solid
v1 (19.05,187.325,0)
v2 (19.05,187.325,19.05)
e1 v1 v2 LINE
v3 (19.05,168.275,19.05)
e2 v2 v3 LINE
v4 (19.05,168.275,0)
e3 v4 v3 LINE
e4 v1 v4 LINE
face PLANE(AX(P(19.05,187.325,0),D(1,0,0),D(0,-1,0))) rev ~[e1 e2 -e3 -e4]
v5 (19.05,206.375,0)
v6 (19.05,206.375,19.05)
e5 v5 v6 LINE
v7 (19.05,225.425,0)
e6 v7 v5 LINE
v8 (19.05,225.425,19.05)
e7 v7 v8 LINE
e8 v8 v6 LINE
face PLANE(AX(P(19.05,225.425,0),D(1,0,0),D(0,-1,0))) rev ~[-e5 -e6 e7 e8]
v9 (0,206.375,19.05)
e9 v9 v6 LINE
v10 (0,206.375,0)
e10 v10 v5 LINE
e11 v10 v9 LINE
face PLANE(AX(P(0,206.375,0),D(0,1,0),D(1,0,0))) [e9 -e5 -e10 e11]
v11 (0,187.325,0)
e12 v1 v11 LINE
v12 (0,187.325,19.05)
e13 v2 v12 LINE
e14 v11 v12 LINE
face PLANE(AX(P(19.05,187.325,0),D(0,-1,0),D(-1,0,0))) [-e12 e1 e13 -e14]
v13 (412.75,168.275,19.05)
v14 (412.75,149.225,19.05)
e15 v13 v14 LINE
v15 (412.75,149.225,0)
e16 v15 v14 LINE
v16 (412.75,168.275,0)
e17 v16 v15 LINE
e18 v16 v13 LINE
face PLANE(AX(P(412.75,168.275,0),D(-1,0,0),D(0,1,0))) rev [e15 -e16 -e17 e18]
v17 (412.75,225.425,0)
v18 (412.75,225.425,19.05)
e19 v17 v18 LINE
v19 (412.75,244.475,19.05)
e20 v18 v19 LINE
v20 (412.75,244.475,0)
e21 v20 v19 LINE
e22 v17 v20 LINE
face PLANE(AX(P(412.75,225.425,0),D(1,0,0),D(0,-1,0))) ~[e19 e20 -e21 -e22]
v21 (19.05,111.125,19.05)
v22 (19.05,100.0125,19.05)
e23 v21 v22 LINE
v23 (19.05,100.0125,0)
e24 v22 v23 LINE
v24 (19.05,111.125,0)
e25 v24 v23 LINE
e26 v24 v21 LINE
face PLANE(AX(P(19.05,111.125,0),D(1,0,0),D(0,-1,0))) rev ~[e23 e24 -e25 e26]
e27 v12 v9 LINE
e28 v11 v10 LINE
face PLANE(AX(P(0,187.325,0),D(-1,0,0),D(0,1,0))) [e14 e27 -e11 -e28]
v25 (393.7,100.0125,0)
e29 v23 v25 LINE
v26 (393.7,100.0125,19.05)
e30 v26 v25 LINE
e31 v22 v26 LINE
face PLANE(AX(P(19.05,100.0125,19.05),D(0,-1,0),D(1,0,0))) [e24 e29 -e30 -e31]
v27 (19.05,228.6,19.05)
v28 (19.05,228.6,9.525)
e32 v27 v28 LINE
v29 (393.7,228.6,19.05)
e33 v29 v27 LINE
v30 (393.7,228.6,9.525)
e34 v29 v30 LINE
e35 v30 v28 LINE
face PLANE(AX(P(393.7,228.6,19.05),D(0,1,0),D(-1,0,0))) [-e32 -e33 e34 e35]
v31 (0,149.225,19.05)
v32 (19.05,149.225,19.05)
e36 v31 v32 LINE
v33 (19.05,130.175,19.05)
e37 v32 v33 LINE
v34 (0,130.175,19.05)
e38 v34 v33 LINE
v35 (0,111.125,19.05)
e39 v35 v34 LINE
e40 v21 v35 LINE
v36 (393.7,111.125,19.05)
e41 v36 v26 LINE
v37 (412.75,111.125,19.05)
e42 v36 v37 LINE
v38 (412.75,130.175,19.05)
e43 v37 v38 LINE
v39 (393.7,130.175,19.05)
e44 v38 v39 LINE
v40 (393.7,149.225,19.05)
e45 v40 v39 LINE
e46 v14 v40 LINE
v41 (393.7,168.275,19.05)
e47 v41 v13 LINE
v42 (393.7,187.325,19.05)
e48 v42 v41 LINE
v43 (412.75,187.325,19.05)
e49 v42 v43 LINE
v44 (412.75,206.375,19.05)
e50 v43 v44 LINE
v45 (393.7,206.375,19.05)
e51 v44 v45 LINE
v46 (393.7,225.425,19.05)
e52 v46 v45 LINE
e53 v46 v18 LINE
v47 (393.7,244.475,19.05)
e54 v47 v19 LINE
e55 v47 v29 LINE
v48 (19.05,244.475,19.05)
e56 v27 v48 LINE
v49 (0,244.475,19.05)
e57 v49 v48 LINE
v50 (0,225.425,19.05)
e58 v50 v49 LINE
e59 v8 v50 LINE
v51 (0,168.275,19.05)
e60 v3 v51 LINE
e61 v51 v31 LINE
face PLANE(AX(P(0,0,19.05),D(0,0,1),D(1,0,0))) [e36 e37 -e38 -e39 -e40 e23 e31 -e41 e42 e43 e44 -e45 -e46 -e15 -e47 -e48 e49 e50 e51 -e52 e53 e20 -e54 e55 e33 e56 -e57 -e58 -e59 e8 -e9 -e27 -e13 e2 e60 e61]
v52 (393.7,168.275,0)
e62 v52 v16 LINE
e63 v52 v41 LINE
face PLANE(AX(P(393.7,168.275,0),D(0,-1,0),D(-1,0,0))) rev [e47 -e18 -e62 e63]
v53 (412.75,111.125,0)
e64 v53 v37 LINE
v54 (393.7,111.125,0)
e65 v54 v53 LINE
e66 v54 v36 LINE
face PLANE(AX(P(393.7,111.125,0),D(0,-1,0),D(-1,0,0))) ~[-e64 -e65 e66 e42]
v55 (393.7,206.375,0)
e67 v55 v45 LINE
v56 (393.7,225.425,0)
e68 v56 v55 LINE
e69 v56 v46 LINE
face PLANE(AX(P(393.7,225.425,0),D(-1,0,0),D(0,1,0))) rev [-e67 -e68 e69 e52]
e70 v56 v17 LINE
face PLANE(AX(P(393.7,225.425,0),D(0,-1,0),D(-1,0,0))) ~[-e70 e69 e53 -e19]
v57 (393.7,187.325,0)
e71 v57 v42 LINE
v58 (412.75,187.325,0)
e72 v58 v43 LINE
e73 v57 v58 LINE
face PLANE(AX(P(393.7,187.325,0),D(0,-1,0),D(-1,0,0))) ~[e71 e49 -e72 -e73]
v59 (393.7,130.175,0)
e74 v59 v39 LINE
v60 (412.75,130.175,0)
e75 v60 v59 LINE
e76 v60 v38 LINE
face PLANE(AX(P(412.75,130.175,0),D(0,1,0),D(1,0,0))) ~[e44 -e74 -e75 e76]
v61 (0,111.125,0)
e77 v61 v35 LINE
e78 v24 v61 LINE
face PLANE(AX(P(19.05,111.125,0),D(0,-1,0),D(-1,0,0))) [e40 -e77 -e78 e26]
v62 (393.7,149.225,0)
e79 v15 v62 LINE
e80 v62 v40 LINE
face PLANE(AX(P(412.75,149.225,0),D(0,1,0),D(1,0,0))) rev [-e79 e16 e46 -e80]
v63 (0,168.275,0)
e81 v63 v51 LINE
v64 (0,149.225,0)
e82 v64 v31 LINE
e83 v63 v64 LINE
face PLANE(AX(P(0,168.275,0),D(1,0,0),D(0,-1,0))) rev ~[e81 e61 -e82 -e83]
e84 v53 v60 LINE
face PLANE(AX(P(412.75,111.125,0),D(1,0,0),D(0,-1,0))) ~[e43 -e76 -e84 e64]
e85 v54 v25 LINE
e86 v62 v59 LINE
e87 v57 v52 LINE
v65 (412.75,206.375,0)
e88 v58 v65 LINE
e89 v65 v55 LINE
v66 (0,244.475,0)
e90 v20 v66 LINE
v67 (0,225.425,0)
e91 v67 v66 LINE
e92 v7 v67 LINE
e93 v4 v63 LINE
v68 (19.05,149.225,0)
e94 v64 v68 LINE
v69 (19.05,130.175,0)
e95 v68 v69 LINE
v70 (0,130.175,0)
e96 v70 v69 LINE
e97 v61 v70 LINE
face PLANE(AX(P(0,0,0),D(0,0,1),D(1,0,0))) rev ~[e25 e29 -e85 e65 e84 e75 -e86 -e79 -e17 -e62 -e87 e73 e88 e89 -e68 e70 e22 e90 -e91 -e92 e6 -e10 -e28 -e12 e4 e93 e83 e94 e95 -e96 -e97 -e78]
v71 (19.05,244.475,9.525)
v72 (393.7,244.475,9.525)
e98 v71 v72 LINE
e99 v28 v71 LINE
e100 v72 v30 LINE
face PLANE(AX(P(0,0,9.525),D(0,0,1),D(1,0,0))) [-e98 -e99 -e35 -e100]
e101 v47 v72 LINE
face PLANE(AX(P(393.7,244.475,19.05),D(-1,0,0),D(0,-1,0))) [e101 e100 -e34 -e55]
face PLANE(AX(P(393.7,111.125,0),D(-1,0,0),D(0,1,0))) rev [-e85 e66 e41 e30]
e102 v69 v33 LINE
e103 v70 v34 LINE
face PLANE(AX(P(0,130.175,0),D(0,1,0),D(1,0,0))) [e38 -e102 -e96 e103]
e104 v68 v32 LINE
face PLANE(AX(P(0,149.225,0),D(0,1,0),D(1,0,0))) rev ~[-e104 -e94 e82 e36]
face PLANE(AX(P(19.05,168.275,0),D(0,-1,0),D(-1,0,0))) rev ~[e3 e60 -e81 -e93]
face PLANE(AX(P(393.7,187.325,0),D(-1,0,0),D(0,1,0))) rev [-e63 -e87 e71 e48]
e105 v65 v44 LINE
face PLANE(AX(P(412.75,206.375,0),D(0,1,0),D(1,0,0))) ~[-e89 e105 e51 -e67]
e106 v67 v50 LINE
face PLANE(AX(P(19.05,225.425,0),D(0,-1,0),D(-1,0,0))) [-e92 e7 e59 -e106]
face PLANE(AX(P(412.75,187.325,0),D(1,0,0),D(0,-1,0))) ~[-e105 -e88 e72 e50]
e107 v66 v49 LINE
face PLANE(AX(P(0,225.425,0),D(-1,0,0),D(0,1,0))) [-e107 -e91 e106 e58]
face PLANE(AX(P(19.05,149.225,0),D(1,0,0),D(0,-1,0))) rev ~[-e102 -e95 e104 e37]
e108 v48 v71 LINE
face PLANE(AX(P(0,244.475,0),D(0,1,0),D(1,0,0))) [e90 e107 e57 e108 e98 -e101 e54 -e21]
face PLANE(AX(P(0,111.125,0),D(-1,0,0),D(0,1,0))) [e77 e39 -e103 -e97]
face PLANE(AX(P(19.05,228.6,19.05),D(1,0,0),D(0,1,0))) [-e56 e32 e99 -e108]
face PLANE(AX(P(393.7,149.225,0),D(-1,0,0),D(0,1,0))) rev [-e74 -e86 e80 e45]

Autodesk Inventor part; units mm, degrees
ref_plane "YZ Plane" through (0, 0, 0) normal (1, 0, 0) x (0, 1, 0)
ref_plane "XZ Plane" through (0, 0, 0) normal (0, 1, 0) x (-1, 0, 0)
ref_plane "XY Plane" through (0, 0, 0) normal (0, 0, 1) x (1, 0, 0)
sketch "Sketch1" plane through (0, 0, 0) normal (0, 0, 1) x (1, 0, 0)
  line L0 (0, 244.475) -> (19.05, 244.475)
  line L1 (19.05, 244.475) -> (19.05, 225.425)
  line L2 (19.05, 225.425) -> (0, 225.425)
  line L3 (0, 225.425) -> (0, 244.475)
  line L4 (19.05, 168.275) -> (0, 168.275)
  line L5 (0, 168.275) -> (0, 149.225)
  line L6 (0, 149.225) -> (19.05, 149.225)
  line L7 (19.05, 149.225) -> (19.05, 168.275)
  line L8 (0, 130.175) -> (19.05, 130.175)
  line L9 (19.05, 130.175) -> (19.05, 111.125)
  line L10 (19.05, 111.125) -> (0, 111.125)
  line L11 (0, 111.125) -> (0, 130.175)
  line L12 (0, 206.375) -> (19.05, 206.375)
  line L13 (19.05, 206.375) -> (19.05, 187.325)
  line L14 (19.05, 187.325) -> (0, 187.325)
  line L15 (0, 187.325) -> (0, 206.375)
  line L16 (0, 92.075) -> (19.05, 92.075)
  line L17 (19.05, 92.075) -> (19.05, 73.025)
  line L18 (19.05, 73.025) -> (0, 73.025)
  line L19 (0, 73.025) -> (0, 92.075)
  line L20 (0, 53.975) -> (19.05, 53.975)
  line L21 (19.05, 53.975) -> (19.05, 34.925)
  line L22 (19.05, 34.925) -> (0, 34.925)
  line L23 (0, 34.925) -> (0, 53.975)
  line L24 (0, 15.875) -> (19.05, 15.875)
  line L25 (19.05, 15.875) -> (19.05, -3.175)
  line L26 (19.05, -3.175) -> (0, -3.175)
  line L27 (0, -3.175) -> (0, 15.875)
  line L28 (0, 244.475) -> (206.375, 244.475)
  line L29 (206.375, 244.475) -> (206.375, 76.2)
  line L30 (206.375, 76.2) -> (0, 76.2)
  line L31 (19.05, 244.475) -> (19.05, 76.2)
  line L32 (206.375, 244.475) -> (19.05, 244.475)
  line L33 (19.05, 244.475) -> (19.05, 76.2)
  line L34 (19.05, 76.2) -> (206.375, 76.2)
  line L35 (206.375, 76.2) -> (206.375, 244.475)
  line L36 (0, 92.075) -> (19.05, 92.075)
  line L37 (19.05, 92.075) -> (19.05, 76.2)
  line L38 (19.05, 76.2) -> (0, 76.2)
  line L39 (0, 76.2) -> (0, 92.075)
  dimension "d0" = 19.05
  dimension "d1" = 19.05
  dimension "d3" = 19.05
  dimension "d4" = 19.05
  dimension "d5" = 19.05
  dimension "d6" = 19.05
  dimension "d7" = 19.05
  dimension "d8" = 19.05
  dimension "d9" = 19.05
  dimension "d10" = 19.05
  dimension "d11" = 19.05
  dimension "d12" = 19.05
  dimension "d13" = 19.05
  dimension "d14" = 19.05
  dimension "d15" = 19.05
  dimension "d16" = 19.05
  dimension "d17" = 19.05
  dimension "d18" = 19.05
  dimension "d19" = 19.05
  dimension "d21" = 206.375
  dimension "d22" = 168.275
  dimension "d23" = 206.375
extrude "Extrusion3" add sketch "Sketch1" along normal blind 19.05 contours L0 L1 L2 L3 | L28 L29 L30 L17 L31 L9 L7 L13 L1 | L13 L14 L15 L12 | L30 L19 L16 L17 | L7 L6 L5 L4 | L10 L11 L8 L9
mirror "Mirror2" about plane through (206.375, 76.2, 0) normal (1, 0, 0) of "Extrusion3"
sketch "Sketch3" plane through (0, 0, 19.05) normal (0, 0, 1) x (1, 0, 0)
  line L0 (0, 244.475) -> (412.75, 244.475) projected
  line L1 (19.05, 244.475) -> (393.7, 244.475)
  line L2 (393.7, 244.475) -> (393.7, 228.6)
  line L3 (393.7, 228.6) -> (19.05, 228.6)
  line L4 (19.05, 228.6) -> (19.05, 244.475)
  point P0 (0, 0)
  dimension "d33" = 15.875
extrude "Extrusion4" cut sketch "Sketch3" against normal blind 9.525
sketch "Sketch4" plane through (0, 0, 19.05) normal (0, 0, 1) x (1, 0, 0)
  line L0 (0, 244.475) -> (19.05, 244.475) projected
  line L1 (19.05, 111.125) -> (19.05, 92.075) projected
  line L2 (19.05, 92.075) -> (0, 92.075) projected
  line L3 (0, 92.075) -> (0, 76.2) projected
  line L4 (0, 76.2) -> (412.75, 76.2) projected
  line L5 (412.75, 92.075) -> (412.75, 76.2) projected
  line L6 (393.7, 92.075) -> (412.75, 92.075) projected
  line L7 (393.7, 111.125) -> (393.7, 92.075) projected
  line L8 (19.05, 100.0125) -> (393.7, 100.0125)
  point P0 (0, 0)
  dimension "d36" = 144.4625
extrude "Extrusion5" cut sketch "Sketch4" against normal through all
properties part number "deep_end" material "Wood (Birch)"
